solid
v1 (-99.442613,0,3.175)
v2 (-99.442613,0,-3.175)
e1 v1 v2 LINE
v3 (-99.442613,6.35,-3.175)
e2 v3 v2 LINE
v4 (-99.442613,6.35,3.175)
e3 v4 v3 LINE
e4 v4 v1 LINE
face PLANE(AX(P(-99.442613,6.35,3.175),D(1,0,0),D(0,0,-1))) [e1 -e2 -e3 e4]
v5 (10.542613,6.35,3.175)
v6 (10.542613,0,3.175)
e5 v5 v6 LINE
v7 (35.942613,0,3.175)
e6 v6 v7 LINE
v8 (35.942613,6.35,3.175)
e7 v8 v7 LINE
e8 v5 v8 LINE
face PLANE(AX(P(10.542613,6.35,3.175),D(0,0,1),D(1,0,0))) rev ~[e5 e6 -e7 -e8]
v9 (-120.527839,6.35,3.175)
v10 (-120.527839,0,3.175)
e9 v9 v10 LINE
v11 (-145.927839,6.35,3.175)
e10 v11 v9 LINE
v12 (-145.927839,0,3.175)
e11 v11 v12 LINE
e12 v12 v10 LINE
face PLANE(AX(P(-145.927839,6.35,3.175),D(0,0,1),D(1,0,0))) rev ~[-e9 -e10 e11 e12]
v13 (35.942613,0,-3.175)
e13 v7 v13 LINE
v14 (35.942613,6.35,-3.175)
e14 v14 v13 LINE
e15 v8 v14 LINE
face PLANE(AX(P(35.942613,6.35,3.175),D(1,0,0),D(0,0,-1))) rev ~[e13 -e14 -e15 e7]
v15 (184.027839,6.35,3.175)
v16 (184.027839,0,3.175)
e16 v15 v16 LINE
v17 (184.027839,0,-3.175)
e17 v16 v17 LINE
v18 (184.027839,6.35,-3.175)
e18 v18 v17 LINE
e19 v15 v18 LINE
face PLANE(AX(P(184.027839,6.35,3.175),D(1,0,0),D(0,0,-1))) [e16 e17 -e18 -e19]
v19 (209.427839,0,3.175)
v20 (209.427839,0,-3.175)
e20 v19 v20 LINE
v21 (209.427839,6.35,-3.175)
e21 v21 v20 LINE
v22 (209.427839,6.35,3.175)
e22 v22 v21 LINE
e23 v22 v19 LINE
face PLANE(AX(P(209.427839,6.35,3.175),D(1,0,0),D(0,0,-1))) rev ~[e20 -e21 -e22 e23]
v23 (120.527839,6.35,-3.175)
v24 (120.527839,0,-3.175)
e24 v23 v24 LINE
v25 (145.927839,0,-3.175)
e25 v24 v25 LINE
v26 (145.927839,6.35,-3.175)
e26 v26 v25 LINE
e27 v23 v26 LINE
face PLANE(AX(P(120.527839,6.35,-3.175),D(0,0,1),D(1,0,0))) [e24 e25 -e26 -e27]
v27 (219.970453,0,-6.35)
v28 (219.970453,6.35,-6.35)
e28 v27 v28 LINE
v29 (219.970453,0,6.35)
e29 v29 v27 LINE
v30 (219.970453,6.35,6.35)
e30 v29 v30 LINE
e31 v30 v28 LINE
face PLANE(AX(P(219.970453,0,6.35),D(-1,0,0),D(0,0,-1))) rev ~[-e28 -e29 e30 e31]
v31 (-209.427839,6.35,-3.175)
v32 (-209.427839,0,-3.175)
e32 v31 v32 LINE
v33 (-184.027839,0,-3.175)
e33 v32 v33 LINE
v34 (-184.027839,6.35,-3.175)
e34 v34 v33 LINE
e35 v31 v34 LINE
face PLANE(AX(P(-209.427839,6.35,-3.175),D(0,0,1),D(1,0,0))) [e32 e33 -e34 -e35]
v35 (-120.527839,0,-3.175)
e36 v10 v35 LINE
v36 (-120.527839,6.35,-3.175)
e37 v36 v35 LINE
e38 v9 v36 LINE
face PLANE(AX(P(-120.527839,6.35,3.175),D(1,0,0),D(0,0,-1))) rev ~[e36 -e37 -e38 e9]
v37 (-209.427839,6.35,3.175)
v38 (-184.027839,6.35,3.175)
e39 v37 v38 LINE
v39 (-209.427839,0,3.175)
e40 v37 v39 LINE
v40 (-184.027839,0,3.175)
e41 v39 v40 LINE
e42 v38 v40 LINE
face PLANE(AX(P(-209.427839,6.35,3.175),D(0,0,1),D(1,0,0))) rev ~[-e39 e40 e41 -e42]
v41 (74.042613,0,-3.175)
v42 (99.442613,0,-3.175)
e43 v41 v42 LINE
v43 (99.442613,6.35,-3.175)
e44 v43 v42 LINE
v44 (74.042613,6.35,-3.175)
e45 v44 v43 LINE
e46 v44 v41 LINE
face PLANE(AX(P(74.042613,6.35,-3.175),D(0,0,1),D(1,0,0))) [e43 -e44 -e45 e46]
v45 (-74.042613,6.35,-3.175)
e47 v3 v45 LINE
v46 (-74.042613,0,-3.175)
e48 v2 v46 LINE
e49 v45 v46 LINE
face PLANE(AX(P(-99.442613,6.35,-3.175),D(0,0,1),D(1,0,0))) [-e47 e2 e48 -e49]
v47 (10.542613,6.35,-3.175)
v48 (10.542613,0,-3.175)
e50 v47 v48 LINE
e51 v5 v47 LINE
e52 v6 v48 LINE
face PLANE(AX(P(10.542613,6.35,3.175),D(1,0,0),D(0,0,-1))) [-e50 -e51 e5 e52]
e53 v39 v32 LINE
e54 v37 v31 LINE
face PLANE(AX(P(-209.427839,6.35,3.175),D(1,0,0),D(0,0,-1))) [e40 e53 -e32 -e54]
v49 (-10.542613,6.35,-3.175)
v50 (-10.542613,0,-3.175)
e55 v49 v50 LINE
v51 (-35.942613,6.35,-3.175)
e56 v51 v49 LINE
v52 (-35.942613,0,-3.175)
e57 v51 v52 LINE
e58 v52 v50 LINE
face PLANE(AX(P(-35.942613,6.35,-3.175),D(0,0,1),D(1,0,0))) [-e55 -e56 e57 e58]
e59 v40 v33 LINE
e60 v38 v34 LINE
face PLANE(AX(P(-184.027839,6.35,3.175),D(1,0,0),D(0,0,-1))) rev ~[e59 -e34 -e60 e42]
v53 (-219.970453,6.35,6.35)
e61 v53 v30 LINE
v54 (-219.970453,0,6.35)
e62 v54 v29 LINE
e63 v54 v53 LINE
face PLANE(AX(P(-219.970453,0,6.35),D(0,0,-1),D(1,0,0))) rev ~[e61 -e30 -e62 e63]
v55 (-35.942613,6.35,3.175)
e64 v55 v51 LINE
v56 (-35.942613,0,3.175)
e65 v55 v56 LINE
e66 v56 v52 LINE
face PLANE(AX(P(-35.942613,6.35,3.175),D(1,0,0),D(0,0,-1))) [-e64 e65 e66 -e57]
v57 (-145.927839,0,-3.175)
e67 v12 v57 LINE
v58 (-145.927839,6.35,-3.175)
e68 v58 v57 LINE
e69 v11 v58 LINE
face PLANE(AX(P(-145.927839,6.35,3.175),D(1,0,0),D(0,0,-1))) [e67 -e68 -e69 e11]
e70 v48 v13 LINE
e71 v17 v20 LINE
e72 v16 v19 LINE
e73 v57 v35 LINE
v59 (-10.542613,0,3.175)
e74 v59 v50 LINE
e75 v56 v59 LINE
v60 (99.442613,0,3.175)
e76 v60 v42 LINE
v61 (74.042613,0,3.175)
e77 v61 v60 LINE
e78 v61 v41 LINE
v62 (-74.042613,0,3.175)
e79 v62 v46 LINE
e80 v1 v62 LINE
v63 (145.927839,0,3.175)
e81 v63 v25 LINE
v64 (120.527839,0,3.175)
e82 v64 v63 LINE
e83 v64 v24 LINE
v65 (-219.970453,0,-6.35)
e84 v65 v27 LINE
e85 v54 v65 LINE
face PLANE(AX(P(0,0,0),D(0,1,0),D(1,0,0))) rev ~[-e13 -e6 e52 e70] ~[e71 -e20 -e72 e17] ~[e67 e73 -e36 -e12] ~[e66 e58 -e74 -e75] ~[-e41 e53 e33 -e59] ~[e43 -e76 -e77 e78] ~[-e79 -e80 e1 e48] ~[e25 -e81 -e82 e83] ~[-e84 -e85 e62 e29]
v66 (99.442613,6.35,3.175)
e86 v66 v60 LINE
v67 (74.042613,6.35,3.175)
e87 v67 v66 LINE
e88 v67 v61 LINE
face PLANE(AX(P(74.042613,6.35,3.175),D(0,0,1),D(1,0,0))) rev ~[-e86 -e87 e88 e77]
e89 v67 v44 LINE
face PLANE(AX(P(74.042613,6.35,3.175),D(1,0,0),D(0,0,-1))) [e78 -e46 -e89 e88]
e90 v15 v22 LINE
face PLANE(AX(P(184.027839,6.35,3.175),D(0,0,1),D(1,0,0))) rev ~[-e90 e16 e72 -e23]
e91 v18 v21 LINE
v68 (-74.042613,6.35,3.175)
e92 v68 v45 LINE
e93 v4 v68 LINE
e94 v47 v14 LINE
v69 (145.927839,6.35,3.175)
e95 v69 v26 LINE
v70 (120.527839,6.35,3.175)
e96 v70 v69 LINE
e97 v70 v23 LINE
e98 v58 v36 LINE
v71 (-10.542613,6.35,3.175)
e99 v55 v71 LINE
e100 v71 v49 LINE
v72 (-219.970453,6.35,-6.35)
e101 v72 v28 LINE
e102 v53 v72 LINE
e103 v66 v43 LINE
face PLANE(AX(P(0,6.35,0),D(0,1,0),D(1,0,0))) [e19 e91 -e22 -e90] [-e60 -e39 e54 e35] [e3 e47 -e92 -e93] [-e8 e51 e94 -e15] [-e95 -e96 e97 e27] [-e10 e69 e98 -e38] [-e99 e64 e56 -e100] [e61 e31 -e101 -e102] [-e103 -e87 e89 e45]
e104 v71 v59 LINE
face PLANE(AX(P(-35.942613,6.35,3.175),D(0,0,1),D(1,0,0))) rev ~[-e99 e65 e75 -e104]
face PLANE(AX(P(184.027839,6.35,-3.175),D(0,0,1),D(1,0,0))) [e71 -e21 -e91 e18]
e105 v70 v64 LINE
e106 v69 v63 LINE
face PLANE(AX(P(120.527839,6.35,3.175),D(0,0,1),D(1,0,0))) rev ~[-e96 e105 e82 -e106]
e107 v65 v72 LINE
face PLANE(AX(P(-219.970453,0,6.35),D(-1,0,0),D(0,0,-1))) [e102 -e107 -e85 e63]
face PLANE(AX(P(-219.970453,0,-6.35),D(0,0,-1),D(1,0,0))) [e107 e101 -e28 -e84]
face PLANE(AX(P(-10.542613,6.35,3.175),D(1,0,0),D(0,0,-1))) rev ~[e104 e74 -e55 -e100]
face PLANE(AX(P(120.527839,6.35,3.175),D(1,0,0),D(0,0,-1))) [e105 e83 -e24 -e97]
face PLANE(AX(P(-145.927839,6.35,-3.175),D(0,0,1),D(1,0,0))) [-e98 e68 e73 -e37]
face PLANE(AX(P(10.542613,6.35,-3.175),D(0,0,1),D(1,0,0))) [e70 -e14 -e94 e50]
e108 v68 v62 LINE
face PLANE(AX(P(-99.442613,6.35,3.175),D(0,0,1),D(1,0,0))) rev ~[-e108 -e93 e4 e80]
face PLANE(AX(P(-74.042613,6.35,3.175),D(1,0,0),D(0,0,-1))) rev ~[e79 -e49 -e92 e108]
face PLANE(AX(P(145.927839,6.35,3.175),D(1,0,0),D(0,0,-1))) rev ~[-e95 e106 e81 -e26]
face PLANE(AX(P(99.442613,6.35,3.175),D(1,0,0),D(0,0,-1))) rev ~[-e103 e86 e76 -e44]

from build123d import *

# Parameters (mm, degrees)
SKETCH1_W           = 439.940905232
SKETCH1_H           = 12.7
BOSS_EXTRUDE1_DEPTH = 6.35
SKETCH2_W           = 25.4
SKETCH2_H           = 6.35
CUT_EXTRUDE1_DEPTH  = 7.35
LPATTERN1_COUNT     = 2
LPATTERN1_PITCH     = 219.970452616
LPATTERN1_COL_COUNT = 2
LPATTERN1_COL_PITCH = 219.970452616


with BuildPart() as part:
    # Sketch1 → Boss-Extrude1 (new body)
    with BuildSketch(Plane(origin=(0, 0, 0), x_dir=(1, 0, 0), z_dir=(0, 1, 0))):
        Rectangle(SKETCH1_W, SKETCH1_H)
    extrude(amount=BOSS_EXTRUDE1_DEPTH)

    # Sketch2 → Cut-Extrude1 (cut, through all)
    with BuildSketch(Plane(origin=(0, 6.35, 0), x_dir=(1, 0, 0), z_dir=(0, 1, 0))):
        with Locations((-23.242613154, 0)):
            Rectangle(SKETCH2_W, SKETCH2_H)
        with Locations((23.242613154, 0)):
            Rectangle(SKETCH2_W, SKETCH2_H)
        with Locations((-86.742613154, 0)):
            Rectangle(SKETCH2_W, SKETCH2_H)
        with Locations((86.742613154, 0)):
            Rectangle(SKETCH2_W, SKETCH2_H)
    cut_extrude1 = extrude(amount=-CUT_EXTRUDE1_DEPTH, mode=Mode.SUBTRACT)

    # LPattern1: Cut-Extrude1 ×2
    with Locations(*[(i * LPATTERN1_PITCH, 0, 0) for i in range(1, LPATTERN1_COUNT)]):
        add(cut_extrude1, mode=Mode.SUBTRACT)

    # LPattern1 col: Cut-Extrude1 ×2
    with Locations(*[(-i * LPATTERN1_COL_PITCH, 0, 0) for i in range(1, LPATTERN1_COL_COUNT)]):
        add(cut_extrude1, mode=Mode.SUBTRACT)


solid = part.part
